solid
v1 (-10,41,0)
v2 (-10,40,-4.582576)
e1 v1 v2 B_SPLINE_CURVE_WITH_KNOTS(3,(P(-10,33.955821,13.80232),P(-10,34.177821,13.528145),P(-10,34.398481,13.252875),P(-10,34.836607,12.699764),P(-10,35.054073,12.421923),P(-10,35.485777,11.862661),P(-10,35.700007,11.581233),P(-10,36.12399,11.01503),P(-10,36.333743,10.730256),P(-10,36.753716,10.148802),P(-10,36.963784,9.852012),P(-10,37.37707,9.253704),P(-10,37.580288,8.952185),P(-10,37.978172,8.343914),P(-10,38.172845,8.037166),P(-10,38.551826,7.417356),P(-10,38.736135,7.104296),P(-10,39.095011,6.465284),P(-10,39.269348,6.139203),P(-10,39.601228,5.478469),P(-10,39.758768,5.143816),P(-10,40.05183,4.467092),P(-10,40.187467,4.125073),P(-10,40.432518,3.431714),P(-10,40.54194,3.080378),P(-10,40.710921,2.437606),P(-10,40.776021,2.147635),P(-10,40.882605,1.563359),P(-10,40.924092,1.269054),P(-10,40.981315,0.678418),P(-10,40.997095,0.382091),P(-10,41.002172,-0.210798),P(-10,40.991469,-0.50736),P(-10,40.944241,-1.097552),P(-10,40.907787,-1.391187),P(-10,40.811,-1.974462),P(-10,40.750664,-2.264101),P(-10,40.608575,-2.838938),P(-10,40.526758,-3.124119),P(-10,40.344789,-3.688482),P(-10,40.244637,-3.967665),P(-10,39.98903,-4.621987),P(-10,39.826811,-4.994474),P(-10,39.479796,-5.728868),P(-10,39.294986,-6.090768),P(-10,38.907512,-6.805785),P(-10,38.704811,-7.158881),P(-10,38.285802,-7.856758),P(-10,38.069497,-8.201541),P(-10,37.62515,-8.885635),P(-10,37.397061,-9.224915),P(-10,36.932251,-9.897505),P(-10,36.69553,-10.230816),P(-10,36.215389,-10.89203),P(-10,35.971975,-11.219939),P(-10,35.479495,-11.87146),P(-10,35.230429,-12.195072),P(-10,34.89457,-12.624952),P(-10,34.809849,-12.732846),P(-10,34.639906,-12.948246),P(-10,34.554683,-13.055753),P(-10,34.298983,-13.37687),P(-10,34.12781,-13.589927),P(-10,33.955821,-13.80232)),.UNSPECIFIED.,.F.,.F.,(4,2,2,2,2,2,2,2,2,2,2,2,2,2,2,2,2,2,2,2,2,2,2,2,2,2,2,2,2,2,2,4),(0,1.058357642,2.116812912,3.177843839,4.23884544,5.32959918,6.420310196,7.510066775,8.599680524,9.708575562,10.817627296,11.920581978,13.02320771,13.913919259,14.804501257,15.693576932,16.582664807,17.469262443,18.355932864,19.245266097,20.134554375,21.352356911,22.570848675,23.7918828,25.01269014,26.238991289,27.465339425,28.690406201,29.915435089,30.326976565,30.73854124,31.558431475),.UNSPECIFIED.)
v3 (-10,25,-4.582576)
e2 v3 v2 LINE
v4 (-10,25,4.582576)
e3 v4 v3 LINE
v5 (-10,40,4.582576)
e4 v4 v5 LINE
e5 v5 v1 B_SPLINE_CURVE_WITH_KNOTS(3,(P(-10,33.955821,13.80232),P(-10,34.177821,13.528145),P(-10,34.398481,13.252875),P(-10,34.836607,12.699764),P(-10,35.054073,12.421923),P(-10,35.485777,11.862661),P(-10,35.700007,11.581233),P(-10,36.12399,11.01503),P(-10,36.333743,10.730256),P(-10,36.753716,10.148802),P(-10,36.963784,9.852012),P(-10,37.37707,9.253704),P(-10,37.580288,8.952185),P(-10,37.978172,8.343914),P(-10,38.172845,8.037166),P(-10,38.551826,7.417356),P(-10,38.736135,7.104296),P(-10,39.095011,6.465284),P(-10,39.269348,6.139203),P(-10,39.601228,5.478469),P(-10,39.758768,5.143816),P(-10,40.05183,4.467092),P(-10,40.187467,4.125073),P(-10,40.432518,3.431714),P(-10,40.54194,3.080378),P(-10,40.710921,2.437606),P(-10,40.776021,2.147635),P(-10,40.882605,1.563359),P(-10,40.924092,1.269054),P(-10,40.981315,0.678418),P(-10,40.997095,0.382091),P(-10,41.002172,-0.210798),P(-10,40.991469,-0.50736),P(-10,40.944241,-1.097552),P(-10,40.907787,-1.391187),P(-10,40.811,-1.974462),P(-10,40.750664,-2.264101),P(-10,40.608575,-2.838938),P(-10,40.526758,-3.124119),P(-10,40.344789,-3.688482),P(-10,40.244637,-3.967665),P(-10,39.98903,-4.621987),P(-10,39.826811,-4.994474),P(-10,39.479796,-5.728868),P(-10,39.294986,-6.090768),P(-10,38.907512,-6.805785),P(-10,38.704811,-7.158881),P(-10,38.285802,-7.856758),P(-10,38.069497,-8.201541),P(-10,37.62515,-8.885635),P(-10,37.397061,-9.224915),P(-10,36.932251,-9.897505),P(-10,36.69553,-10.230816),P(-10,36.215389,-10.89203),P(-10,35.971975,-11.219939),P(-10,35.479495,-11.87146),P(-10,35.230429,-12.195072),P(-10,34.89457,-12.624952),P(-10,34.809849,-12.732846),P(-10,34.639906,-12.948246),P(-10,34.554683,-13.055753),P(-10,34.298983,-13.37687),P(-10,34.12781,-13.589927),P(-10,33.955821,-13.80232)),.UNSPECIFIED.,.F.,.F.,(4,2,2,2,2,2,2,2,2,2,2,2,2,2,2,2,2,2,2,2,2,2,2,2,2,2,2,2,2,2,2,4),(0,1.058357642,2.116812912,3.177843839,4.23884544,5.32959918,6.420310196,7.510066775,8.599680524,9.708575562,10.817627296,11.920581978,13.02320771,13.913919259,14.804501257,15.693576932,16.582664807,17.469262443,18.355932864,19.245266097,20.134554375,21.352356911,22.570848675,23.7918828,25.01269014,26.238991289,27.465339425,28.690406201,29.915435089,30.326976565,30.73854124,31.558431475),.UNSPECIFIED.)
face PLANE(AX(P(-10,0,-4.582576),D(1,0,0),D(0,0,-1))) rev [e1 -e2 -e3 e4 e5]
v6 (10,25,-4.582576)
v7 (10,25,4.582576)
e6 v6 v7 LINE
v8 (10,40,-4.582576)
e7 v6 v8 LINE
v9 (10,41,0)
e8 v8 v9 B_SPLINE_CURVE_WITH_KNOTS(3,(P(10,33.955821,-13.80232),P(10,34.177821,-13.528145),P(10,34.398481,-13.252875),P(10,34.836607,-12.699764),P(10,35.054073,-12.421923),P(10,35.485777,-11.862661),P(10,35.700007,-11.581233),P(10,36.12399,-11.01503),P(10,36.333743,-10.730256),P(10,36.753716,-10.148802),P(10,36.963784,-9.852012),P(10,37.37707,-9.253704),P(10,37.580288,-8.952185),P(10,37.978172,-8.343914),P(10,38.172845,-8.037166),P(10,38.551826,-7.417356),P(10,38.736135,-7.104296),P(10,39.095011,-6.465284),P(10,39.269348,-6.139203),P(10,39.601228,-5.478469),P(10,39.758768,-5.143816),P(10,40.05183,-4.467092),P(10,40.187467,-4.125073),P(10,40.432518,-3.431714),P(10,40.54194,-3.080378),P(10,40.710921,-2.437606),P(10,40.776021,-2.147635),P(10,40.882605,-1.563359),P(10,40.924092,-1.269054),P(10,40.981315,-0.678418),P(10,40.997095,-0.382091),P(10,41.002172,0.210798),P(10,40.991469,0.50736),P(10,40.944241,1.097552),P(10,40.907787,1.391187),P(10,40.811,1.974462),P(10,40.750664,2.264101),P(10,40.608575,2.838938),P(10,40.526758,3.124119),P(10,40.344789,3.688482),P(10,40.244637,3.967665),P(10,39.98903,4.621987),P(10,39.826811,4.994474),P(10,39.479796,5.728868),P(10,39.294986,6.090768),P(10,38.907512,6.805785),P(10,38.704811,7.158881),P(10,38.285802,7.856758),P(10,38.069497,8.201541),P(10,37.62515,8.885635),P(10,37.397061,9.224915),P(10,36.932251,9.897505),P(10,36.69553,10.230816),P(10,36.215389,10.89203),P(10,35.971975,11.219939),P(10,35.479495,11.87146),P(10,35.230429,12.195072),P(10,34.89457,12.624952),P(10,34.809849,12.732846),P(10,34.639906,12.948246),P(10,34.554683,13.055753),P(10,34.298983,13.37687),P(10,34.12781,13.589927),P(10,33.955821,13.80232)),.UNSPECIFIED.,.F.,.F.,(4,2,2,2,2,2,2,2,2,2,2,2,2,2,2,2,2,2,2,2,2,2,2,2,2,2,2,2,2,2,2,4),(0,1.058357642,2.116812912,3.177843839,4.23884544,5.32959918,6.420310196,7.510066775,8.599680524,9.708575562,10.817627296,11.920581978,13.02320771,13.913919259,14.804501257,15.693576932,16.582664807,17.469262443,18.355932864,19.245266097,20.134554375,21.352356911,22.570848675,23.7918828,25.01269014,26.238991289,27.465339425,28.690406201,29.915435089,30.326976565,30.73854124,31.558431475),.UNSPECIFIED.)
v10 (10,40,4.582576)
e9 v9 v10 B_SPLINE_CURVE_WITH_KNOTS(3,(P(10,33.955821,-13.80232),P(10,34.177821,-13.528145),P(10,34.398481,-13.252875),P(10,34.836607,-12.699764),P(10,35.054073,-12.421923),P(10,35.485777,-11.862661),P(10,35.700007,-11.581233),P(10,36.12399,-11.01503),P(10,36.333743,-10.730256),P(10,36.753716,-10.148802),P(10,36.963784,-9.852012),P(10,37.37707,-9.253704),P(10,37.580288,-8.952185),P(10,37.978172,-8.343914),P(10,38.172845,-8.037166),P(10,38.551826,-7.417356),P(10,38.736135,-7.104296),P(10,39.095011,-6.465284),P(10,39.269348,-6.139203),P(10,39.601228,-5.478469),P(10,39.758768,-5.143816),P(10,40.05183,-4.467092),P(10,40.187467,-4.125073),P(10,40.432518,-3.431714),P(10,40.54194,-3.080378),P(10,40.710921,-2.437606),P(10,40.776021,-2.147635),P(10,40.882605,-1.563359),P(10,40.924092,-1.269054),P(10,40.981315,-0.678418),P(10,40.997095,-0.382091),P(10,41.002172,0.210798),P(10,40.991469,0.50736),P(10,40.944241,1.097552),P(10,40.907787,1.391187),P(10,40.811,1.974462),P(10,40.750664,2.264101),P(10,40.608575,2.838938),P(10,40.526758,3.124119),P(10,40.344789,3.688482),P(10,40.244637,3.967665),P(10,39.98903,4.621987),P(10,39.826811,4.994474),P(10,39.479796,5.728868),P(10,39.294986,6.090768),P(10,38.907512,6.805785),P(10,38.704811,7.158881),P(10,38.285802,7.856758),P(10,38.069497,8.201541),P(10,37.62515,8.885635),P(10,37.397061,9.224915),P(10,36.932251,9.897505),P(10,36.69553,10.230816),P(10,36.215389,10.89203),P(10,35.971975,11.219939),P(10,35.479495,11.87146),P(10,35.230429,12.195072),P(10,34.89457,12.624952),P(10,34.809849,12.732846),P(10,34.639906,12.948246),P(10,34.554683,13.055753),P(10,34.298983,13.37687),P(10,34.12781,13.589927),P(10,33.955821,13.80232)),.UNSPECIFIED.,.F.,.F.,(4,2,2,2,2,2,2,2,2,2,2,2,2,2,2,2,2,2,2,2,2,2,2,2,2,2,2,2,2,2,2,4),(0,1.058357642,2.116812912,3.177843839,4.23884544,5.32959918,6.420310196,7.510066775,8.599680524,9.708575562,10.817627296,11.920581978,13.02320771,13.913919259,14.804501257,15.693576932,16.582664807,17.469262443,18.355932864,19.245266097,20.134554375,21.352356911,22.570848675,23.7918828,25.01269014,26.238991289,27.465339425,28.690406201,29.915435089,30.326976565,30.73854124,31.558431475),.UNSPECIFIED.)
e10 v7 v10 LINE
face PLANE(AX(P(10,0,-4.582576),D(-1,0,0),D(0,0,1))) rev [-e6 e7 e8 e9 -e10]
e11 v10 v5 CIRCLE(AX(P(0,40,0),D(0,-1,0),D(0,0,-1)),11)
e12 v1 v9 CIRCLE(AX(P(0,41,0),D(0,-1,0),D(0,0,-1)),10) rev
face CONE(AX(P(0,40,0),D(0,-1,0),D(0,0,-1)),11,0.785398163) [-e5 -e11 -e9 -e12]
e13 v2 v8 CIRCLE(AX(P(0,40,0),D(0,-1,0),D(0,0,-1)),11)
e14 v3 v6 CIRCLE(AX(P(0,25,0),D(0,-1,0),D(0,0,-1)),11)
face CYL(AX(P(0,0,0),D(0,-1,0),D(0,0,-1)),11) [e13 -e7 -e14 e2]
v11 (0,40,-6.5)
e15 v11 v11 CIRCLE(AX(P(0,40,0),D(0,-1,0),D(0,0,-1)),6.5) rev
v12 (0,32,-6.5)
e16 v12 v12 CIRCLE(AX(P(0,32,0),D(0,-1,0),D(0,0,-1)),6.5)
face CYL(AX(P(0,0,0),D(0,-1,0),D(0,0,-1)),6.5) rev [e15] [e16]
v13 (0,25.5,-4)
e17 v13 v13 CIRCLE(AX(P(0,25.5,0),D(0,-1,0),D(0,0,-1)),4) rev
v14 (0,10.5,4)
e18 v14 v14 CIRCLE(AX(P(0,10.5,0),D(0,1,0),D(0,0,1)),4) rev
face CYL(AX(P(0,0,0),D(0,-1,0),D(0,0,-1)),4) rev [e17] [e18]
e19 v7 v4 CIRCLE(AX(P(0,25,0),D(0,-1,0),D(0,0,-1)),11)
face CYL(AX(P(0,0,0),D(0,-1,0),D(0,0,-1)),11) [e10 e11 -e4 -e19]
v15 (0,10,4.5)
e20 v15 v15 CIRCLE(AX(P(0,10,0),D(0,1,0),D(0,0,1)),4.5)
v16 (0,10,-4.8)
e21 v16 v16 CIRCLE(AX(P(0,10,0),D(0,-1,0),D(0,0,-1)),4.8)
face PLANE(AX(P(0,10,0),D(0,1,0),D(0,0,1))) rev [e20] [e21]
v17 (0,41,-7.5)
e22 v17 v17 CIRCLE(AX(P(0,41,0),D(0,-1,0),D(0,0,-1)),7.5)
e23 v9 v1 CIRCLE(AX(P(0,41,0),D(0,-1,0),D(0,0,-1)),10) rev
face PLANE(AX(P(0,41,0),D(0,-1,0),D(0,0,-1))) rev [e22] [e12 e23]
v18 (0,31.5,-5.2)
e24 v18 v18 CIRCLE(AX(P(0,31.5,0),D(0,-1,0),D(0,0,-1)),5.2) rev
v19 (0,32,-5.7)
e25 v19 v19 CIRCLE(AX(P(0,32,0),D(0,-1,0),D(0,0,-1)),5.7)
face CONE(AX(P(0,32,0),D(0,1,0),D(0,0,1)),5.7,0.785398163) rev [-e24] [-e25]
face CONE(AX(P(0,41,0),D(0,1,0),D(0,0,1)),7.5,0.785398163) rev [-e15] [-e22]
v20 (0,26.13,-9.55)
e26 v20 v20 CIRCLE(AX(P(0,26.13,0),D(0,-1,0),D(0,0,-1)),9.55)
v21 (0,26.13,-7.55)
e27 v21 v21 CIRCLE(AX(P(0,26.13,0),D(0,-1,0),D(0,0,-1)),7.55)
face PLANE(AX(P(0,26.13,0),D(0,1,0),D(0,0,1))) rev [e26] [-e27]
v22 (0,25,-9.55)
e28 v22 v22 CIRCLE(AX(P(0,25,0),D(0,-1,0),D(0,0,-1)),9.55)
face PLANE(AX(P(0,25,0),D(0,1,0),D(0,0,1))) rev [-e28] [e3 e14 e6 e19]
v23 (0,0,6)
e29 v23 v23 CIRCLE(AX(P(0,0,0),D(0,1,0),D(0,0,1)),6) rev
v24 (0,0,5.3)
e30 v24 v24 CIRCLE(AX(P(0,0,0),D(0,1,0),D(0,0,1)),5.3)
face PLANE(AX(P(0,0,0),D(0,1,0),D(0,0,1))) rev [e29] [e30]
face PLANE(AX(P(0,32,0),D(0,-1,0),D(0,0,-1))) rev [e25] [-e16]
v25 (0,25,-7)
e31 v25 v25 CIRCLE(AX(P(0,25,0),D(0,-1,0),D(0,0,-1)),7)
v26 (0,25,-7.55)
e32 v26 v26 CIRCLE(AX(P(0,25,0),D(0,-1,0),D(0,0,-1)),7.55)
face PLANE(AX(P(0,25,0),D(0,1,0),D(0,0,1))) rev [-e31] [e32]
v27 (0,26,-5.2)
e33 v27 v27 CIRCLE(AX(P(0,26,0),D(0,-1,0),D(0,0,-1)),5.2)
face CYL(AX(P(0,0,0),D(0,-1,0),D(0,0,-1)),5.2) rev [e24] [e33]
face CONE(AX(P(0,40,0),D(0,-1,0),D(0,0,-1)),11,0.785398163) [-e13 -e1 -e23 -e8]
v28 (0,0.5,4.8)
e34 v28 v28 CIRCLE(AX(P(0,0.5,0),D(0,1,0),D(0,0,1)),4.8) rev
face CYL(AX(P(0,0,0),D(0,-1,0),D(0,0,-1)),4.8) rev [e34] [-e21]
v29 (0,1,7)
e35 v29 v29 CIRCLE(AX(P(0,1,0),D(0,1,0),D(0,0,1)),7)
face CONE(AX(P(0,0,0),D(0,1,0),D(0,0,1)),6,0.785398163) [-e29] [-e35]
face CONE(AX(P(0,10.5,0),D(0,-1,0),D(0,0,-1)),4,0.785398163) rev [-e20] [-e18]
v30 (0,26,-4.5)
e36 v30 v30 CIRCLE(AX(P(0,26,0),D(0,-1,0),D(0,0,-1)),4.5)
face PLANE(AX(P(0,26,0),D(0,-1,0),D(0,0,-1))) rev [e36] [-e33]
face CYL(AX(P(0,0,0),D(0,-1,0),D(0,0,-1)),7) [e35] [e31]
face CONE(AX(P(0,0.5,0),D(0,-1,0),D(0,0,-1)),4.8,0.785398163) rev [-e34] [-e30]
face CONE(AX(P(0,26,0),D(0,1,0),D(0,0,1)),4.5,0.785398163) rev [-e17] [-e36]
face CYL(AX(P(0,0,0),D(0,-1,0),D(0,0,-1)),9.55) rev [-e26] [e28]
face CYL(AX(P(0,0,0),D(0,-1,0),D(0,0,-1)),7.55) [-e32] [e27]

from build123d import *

# Parameters (mm, degrees)
CHANFREIN3_SIZE         = 1
ENL_V_MAT_EXTRU_1_DEPTH = 44.852023899
CHANFREIN1_SIZE         = 1
CHANFREIN2_SIZE         = 0.5


with BuildPart() as part:
    # Esquisse1 → Révolution1 (revolve)
    with BuildSketch(Plane.XY, mode=Mode.PRIVATE) as r_volution1_sk:
        Polygon((4.8, 10), (4, 10), (4, 26), (5.2, 26), (5.2, 32), (6.5, 32), (6.5, 41), (11, 41), (11, 25), (9.55, 25), (9.55, 26.13), (7.55, 26.13), (7.55, 25), (7, 25), (7, 0), (4.8, 0), align=None)
    revolve(r_volution1_sk.sketch.rotate(Axis((0, 0, 0), (0, 1, 0)), 90), axis=Axis((0, 0, 0), (0, 1, 0)))

    # Chanfrein3
    chanfrein3_edges = [part.edges().sort_by_distance(p)[0] for p in [
        (0, 41, 11),
    ]]
    chamfer(chanfrein3_edges, length=CHANFREIN3_SIZE)

    # Esquisse2 → Enlèv. mat.-Extru.1 (cut, through all)
    with BuildSketch(Plane(origin=(0, 41, 0), x_dir=(1, 0, 0), z_dir=(0, 1, 0))):
        with BuildLine():
            Line((-10, 4.582575695), (-10, -4.582575695))
            ThreePointArc((-10, -4.582575695), (-11, 0), (-10, 4.582575695))
        make_face()
        with BuildLine():
            Line((10, 4.582575695), (10, -4.582575695))
            ThreePointArc((10, -4.582575695), (11, 0), (10, 4.582575695))
        make_face()
    extrude(amount=-ENL_V_MAT_EXTRU_1_DEPTH, mode=Mode.SUBTRACT)

    # Chanfrein1
    chanfrein1_edges = [part.edges().sort_by_distance(p)[0] for p in [
        (0, 41, 6.5),
        (0, 0, 7),
    ]]
    chamfer(chanfrein1_edges, length=CHANFREIN1_SIZE)

    # Chanfrein2
    chanfrein2_edges = [part.edges().sort_by_distance(p)[0] for p in [
        (0, 10, 4),
        (0, 26, 4),
        (0, 32, 5.2),
        (0, 0, 4.8),
    ]]
    chamfer(chanfrein2_edges, length=CHANFREIN2_SIZE)


solid = part.part
